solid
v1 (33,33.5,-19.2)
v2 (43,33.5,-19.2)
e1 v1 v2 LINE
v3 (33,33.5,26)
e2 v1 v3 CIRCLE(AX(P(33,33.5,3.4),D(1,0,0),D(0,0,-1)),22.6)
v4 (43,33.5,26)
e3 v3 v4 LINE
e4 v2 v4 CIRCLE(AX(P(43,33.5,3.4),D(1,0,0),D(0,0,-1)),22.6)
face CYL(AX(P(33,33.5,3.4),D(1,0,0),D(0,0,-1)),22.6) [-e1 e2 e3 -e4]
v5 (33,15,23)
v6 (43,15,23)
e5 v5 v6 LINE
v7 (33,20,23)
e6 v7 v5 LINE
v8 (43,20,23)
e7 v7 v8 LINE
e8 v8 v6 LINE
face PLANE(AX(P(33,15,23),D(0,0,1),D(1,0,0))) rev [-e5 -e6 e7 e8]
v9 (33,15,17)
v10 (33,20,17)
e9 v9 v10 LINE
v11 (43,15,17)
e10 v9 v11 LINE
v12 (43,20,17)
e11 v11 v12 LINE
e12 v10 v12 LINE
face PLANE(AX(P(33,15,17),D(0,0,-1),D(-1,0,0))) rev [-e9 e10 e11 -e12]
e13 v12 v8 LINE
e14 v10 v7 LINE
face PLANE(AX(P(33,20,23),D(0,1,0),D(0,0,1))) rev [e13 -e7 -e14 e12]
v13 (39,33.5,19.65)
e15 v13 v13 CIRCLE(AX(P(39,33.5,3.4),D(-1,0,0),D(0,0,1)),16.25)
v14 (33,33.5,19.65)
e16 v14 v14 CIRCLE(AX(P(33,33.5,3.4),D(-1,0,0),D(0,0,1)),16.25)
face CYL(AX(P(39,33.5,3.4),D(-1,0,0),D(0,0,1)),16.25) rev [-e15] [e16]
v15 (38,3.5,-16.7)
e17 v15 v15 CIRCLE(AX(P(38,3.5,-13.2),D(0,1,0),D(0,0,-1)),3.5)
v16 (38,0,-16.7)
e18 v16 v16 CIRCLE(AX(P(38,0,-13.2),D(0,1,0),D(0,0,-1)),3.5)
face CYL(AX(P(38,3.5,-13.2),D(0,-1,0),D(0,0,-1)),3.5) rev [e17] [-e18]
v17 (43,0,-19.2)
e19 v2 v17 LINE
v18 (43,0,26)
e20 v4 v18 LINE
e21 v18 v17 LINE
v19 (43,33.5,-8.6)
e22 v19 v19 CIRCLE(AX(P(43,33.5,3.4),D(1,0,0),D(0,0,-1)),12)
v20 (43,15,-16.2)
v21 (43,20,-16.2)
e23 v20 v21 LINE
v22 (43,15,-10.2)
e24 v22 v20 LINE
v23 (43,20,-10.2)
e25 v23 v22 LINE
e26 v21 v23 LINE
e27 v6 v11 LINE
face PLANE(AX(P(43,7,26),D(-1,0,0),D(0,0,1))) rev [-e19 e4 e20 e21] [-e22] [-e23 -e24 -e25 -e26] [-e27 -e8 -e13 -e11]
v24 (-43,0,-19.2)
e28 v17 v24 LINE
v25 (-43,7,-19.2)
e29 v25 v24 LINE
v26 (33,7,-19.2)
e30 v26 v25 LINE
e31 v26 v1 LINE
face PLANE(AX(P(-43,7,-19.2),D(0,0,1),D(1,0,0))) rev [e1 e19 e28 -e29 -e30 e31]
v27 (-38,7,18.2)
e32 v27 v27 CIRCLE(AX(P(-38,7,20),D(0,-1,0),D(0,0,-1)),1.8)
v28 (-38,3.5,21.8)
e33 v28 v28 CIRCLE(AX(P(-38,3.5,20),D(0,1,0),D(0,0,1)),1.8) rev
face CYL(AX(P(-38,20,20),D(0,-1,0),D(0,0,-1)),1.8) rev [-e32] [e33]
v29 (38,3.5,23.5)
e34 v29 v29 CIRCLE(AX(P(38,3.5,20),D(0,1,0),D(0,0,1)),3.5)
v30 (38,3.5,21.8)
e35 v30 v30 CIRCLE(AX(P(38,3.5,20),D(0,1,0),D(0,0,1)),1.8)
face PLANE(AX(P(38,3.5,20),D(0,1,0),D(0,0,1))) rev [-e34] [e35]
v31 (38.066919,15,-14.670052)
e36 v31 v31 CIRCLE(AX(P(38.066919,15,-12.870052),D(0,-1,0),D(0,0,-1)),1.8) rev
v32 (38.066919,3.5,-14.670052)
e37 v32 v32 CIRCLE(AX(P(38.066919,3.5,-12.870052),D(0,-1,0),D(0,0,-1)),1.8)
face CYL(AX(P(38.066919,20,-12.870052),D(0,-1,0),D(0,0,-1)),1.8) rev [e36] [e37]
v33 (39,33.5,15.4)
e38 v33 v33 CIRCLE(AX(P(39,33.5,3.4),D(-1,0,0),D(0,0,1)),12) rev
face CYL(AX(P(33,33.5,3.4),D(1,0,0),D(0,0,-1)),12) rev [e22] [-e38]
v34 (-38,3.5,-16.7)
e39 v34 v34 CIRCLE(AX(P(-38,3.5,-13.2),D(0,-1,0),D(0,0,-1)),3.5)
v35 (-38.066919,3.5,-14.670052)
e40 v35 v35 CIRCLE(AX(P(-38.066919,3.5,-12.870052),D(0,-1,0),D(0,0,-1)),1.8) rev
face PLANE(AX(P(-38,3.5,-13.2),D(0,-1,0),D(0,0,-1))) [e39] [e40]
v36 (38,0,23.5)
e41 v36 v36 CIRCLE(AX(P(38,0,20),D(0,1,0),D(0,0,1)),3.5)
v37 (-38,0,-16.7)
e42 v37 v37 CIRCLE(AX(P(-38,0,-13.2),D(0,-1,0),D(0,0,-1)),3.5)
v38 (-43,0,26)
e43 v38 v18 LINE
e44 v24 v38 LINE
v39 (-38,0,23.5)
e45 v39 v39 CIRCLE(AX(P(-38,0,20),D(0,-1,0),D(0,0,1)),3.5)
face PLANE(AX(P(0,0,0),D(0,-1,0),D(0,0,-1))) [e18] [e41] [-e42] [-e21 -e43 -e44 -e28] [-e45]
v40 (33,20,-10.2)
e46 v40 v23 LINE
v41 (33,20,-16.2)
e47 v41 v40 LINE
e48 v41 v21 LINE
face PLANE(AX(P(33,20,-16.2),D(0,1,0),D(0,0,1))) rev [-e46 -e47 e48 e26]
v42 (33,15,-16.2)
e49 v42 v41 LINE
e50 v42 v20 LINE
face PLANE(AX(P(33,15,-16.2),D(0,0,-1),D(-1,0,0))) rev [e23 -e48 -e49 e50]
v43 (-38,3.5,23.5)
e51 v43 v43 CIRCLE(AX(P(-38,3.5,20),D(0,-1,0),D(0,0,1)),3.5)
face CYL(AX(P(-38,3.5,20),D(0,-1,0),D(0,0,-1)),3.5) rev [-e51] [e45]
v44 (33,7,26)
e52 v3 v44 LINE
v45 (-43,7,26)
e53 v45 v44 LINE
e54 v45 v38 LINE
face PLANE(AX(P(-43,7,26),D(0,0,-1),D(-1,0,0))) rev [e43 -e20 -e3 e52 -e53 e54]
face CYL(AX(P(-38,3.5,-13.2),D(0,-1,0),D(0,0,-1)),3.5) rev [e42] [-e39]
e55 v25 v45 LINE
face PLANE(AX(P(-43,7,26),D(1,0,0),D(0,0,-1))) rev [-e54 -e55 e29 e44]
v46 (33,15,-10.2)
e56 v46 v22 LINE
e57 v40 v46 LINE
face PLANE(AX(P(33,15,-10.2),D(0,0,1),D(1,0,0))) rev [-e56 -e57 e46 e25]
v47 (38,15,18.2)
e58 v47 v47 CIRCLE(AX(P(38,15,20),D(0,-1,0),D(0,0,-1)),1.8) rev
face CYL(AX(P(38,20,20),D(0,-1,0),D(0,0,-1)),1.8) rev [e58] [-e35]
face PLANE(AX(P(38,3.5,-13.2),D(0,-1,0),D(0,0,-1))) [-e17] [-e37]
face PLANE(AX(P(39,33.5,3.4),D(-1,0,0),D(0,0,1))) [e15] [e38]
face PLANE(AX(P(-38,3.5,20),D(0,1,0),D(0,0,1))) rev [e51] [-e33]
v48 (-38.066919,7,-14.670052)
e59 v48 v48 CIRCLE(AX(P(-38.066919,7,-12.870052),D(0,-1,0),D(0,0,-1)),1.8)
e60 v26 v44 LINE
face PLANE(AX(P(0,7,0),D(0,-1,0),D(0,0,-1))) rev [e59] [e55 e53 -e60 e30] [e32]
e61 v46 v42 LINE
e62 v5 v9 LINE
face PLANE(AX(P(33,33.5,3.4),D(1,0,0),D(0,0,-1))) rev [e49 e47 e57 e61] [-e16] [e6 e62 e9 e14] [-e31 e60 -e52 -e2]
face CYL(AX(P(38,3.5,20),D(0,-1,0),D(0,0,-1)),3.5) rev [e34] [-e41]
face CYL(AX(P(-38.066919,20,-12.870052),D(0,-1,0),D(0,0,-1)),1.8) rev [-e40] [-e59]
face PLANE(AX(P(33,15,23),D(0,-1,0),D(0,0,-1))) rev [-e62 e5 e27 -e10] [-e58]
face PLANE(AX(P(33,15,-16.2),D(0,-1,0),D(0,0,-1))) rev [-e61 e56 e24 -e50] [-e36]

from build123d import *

# Parameters (mm, degrees)
SKETCH_1_W          = 86
SKETCH_1_H          = 45.2
EXTRUDE_1_DEPTH     = 7
SKETCH_4_R          = 12
SKETCH_4_W          = 6
SKETCH_4_H          = 5
EXTRUDE_2_DEPTH     = 10
SKETCH_5_R          = 16.25
CUT_EXTRUDE_1_DEPTH = 6
SKETCH_6_R          = 1.8
CUT_EXTRUDE_2_DEPTH = 20
SKETCH_7_R          = 3.5
CUT_EXTRUDE_3_DEPTH = 3.5


with BuildPart() as part:
    # 草图1 → 凸台-拉伸1 (new body)
    with BuildSketch(Plane(origin=(0, 0, 0), x_dir=(1, 0, 0), z_dir=(0, 1, 0))):
        with Locations((0, -3.4)):
            Rectangle(SKETCH_1_W, SKETCH_1_H)
    extrude(amount=EXTRUDE_1_DEPTH)

    # 草图4 → 凸台-拉伸2 (add)
    with BuildSketch(Plane(origin=(43, 0, 0), x_dir=(0, 0, -1), z_dir=(1, 0, 0))):
        with BuildLine():
            Line((19.2, 0), (-26, 0))
            Line((-26, 0), (-26, 33.5))
            ThreePointArc((-26, 33.5), (-3.4, 56.1), (19.2, 33.5))
            Line((19.2, 33.5), (19.2, 0))
        make_face()
        with Locations((-3.4, 33.5)):
            Circle(SKETCH_4_R, mode=Mode.SUBTRACT)
        with Locations((-20, 17.5)):
            Rectangle(SKETCH_4_W, SKETCH_4_H, mode=Mode.SUBTRACT)
        with Locations((13.2, 17.5)):
            Rectangle(SKETCH_4_W, SKETCH_4_H, mode=Mode.SUBTRACT)
    extrude(amount=-EXTRUDE_2_DEPTH)

    # 草图5 → 切除-拉伸1 (cut)
    with BuildSketch(Plane.ZY.offset(-33)):
        with Locations((3.4, 33.5)):
            Circle(SKETCH_5_R)
    extrude(amount=-CUT_EXTRUDE_1_DEPTH, mode=Mode.SUBTRACT)

    # 草图6 → 切除-拉伸2 (cut)
    with BuildSketch(Plane(origin=(0, 0, 0), x_dir=(1, 0, 0), z_dir=(0, 1, 0))):
        with Locations(Location((38, -20, 0), (0, 0, 90))):
            Circle(SKETCH_6_R)
        with Locations(Location((38.066919359, 12.870051801, 0), (0, 0, 90))):
            Circle(SKETCH_6_R)
    cut_extrude_2 = extrude(amount=CUT_EXTRUDE_2_DEPTH, mode=Mode.SUBTRACT)

    # 草图7 → 切除-拉伸3 (cut)
    with BuildSketch(Plane(origin=(0, 0, 0), x_dir=(1, 0, 0), z_dir=(0, 1, 0))):
        with Locations(Location((38, -20, 0), (0, 0, 270))):
            Circle(SKETCH_7_R)
        with Locations(Location((38, 13.2, 0), (0, 0, 90))):
            Circle(SKETCH_7_R)
    cut_extrude_3 = extrude(amount=CUT_EXTRUDE_3_DEPTH, mode=Mode.SUBTRACT)

    # 镜向1: 切除-拉伸2, 切除-拉伸3 across plane
    add(cut_extrude_2.mirror(Plane.ZY), mode=Mode.SUBTRACT)
    add(cut_extrude_3.mirror(Plane.ZY), mode=Mode.SUBTRACT)


solid = part.part
